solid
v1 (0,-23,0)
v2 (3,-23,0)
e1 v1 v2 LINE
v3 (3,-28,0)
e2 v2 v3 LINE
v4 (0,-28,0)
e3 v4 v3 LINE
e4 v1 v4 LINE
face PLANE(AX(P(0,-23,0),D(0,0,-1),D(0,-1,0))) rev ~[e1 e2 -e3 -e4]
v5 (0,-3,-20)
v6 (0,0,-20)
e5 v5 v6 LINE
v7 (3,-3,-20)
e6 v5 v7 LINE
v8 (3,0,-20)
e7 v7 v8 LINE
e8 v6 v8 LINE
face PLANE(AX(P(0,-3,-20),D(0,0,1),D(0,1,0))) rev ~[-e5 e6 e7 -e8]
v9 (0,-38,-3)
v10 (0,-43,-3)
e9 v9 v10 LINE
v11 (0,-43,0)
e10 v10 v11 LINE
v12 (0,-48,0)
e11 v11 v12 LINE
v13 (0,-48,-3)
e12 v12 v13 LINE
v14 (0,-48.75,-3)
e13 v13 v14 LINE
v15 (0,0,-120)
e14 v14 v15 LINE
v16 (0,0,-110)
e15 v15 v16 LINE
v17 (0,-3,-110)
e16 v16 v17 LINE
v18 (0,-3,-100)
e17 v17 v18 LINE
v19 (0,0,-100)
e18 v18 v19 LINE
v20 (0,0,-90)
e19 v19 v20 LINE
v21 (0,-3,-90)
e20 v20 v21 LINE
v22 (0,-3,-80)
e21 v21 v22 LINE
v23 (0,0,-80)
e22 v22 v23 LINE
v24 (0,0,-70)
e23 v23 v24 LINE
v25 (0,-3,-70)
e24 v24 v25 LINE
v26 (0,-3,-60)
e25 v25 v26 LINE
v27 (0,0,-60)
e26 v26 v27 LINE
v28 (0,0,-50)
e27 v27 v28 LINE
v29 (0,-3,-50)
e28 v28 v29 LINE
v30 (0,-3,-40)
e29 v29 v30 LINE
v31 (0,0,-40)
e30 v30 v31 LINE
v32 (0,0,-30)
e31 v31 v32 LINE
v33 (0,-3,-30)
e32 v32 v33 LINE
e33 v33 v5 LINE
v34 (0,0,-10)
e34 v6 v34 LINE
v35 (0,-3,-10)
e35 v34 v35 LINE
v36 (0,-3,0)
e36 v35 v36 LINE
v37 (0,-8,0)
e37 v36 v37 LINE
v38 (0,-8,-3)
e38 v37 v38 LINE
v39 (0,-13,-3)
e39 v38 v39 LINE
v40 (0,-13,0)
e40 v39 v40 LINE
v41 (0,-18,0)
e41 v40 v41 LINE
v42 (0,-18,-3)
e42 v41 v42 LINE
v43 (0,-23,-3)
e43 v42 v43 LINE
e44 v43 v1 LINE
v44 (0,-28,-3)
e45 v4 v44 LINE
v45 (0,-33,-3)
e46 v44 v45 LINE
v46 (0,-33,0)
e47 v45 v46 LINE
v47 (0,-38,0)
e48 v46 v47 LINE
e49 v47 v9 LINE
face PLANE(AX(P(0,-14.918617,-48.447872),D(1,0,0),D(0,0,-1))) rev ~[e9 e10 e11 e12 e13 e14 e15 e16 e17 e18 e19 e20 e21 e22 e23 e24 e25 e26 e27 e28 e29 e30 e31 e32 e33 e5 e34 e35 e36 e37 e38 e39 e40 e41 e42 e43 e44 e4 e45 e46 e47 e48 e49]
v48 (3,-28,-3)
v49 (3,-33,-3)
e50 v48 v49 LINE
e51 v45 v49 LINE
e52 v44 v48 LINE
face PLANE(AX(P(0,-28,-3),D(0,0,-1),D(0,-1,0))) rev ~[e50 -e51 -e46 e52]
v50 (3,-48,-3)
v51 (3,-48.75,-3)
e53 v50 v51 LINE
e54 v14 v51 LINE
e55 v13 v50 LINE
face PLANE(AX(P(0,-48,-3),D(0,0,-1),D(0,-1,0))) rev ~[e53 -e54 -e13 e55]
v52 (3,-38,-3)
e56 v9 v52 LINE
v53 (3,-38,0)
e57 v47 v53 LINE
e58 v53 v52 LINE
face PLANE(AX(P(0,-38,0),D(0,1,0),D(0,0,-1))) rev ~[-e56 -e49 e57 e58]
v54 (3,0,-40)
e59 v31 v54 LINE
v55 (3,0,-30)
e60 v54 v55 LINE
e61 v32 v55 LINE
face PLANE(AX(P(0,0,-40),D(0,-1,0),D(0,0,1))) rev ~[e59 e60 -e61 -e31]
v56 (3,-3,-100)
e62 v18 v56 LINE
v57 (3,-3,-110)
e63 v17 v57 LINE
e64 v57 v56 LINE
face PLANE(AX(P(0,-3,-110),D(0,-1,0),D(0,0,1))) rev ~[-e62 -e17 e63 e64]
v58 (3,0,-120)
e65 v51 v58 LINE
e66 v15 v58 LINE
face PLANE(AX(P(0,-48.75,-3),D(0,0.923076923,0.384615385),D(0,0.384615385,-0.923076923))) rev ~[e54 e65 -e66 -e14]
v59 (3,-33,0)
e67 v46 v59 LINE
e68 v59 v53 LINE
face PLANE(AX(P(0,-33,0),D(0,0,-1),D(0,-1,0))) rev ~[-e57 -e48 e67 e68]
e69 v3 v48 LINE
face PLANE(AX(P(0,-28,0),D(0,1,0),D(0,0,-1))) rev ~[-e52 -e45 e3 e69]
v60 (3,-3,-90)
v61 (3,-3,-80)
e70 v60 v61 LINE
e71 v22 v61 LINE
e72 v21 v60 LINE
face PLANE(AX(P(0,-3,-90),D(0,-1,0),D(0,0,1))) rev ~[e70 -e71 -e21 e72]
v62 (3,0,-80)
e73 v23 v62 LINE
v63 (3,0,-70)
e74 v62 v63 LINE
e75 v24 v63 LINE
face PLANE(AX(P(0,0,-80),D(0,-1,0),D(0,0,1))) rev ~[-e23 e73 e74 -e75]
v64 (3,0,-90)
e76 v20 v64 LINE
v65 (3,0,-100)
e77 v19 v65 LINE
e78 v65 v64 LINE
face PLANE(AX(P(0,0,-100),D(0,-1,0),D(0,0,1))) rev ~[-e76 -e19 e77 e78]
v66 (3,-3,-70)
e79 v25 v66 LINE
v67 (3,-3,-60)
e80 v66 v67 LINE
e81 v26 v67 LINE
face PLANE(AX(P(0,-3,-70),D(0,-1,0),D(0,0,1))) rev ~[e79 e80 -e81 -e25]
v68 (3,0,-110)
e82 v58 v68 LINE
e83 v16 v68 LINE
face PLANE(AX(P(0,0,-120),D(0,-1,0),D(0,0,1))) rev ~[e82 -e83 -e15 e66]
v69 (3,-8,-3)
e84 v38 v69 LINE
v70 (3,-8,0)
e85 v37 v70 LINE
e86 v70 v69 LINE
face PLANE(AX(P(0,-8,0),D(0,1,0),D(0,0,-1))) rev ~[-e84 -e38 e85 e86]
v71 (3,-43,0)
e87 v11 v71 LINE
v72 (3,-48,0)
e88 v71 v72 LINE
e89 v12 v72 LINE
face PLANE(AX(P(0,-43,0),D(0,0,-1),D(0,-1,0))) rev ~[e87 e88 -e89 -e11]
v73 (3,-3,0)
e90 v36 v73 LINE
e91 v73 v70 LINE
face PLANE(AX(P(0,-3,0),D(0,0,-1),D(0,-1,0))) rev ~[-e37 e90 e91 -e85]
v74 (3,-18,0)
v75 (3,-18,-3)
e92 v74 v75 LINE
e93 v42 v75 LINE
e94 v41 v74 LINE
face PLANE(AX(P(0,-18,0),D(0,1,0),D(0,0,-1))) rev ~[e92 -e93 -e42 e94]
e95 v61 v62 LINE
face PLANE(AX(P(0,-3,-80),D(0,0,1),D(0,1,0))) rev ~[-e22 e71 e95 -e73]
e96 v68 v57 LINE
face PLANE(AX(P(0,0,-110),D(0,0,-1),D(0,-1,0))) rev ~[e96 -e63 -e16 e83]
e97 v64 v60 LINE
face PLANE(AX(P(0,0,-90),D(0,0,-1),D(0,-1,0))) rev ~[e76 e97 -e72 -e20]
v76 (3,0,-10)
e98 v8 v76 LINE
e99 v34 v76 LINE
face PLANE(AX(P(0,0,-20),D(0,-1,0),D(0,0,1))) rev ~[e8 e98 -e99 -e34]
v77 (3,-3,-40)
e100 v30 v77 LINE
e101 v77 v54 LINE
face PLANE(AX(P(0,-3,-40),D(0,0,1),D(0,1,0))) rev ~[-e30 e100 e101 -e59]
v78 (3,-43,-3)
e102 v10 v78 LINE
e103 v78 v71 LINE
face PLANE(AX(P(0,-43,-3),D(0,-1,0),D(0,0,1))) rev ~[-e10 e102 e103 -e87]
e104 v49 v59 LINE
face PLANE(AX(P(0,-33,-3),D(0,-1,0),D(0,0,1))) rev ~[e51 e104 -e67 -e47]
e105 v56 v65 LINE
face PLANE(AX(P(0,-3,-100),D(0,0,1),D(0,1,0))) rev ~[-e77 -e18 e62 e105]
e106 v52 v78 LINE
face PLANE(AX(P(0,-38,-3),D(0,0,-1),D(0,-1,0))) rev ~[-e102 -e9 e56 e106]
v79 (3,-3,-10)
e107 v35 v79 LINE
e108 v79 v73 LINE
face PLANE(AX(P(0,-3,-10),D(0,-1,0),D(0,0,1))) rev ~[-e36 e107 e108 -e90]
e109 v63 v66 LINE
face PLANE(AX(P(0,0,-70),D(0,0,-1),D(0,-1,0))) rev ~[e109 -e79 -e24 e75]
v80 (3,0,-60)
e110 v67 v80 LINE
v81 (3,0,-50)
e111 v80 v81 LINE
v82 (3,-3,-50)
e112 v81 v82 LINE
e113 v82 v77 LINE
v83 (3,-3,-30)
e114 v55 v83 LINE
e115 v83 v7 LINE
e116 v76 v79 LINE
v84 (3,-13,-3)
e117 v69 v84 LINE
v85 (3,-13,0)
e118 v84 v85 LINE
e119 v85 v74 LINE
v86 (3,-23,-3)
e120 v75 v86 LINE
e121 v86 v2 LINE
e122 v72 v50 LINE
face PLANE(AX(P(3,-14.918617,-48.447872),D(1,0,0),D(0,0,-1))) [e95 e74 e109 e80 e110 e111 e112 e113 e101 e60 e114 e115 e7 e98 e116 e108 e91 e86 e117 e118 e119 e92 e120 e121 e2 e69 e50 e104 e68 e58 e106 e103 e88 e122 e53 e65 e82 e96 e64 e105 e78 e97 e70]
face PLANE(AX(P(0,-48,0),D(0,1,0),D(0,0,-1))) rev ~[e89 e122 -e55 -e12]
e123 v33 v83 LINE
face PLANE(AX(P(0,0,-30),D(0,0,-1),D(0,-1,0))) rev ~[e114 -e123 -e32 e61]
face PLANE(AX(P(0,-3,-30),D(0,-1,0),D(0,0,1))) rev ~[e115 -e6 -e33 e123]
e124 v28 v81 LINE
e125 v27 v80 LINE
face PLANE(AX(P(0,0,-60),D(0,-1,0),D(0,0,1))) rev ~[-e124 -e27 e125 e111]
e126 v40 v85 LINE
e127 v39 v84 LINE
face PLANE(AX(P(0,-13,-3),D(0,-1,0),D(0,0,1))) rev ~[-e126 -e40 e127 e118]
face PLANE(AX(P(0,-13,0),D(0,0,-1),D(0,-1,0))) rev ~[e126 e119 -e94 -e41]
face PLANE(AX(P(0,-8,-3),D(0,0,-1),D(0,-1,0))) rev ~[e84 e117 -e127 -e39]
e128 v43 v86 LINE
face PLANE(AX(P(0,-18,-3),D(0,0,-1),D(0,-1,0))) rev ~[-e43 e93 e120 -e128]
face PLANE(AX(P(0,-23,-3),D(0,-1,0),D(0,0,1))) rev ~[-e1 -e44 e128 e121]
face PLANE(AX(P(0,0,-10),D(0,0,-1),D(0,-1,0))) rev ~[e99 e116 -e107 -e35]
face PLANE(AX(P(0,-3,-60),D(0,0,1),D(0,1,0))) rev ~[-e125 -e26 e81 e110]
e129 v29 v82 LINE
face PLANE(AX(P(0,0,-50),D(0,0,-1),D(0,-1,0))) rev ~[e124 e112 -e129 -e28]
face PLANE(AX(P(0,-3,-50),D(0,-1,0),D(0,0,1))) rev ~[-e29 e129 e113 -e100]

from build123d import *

# Parameters (mm, degrees)
BOSS_EXTRUDE1_DEPTH = 3


with BuildPart() as part:
    # Sketch1 → Boss-Extrude1 (new body)
    with BuildSketch(Plane(origin=(0, 0, 0), x_dir=(0, 0, -1), z_dir=(1, 0, 0))):
        Polygon((10, -3), (0, -3), (0, -8), (3, -8), (3, -13), (0, -13), (0, -18), (3, -18), (3, -23), (0, -23), (0, -28), (3, -28), (3, -33), (0, -33), (0, -38), (3, -38), (3, -43), (0, -43), (0, -48), (3, -48), (3, -48.75), (120, 0), (110, 0), (110, -3), (100, -3), (100, 0), (90, 0), (90, -3), (80, -3), (80, 0), (70, 0), (70, -3), (60, -3), (60, 0), (50, 0), (50, -3), (40, -3), (40, 0), (30, 0), (30, -3), (20, -3), (20, 0), (10, 0), align=None)
    extrude(amount=BOSS_EXTRUDE1_DEPTH)


solid = part.part
